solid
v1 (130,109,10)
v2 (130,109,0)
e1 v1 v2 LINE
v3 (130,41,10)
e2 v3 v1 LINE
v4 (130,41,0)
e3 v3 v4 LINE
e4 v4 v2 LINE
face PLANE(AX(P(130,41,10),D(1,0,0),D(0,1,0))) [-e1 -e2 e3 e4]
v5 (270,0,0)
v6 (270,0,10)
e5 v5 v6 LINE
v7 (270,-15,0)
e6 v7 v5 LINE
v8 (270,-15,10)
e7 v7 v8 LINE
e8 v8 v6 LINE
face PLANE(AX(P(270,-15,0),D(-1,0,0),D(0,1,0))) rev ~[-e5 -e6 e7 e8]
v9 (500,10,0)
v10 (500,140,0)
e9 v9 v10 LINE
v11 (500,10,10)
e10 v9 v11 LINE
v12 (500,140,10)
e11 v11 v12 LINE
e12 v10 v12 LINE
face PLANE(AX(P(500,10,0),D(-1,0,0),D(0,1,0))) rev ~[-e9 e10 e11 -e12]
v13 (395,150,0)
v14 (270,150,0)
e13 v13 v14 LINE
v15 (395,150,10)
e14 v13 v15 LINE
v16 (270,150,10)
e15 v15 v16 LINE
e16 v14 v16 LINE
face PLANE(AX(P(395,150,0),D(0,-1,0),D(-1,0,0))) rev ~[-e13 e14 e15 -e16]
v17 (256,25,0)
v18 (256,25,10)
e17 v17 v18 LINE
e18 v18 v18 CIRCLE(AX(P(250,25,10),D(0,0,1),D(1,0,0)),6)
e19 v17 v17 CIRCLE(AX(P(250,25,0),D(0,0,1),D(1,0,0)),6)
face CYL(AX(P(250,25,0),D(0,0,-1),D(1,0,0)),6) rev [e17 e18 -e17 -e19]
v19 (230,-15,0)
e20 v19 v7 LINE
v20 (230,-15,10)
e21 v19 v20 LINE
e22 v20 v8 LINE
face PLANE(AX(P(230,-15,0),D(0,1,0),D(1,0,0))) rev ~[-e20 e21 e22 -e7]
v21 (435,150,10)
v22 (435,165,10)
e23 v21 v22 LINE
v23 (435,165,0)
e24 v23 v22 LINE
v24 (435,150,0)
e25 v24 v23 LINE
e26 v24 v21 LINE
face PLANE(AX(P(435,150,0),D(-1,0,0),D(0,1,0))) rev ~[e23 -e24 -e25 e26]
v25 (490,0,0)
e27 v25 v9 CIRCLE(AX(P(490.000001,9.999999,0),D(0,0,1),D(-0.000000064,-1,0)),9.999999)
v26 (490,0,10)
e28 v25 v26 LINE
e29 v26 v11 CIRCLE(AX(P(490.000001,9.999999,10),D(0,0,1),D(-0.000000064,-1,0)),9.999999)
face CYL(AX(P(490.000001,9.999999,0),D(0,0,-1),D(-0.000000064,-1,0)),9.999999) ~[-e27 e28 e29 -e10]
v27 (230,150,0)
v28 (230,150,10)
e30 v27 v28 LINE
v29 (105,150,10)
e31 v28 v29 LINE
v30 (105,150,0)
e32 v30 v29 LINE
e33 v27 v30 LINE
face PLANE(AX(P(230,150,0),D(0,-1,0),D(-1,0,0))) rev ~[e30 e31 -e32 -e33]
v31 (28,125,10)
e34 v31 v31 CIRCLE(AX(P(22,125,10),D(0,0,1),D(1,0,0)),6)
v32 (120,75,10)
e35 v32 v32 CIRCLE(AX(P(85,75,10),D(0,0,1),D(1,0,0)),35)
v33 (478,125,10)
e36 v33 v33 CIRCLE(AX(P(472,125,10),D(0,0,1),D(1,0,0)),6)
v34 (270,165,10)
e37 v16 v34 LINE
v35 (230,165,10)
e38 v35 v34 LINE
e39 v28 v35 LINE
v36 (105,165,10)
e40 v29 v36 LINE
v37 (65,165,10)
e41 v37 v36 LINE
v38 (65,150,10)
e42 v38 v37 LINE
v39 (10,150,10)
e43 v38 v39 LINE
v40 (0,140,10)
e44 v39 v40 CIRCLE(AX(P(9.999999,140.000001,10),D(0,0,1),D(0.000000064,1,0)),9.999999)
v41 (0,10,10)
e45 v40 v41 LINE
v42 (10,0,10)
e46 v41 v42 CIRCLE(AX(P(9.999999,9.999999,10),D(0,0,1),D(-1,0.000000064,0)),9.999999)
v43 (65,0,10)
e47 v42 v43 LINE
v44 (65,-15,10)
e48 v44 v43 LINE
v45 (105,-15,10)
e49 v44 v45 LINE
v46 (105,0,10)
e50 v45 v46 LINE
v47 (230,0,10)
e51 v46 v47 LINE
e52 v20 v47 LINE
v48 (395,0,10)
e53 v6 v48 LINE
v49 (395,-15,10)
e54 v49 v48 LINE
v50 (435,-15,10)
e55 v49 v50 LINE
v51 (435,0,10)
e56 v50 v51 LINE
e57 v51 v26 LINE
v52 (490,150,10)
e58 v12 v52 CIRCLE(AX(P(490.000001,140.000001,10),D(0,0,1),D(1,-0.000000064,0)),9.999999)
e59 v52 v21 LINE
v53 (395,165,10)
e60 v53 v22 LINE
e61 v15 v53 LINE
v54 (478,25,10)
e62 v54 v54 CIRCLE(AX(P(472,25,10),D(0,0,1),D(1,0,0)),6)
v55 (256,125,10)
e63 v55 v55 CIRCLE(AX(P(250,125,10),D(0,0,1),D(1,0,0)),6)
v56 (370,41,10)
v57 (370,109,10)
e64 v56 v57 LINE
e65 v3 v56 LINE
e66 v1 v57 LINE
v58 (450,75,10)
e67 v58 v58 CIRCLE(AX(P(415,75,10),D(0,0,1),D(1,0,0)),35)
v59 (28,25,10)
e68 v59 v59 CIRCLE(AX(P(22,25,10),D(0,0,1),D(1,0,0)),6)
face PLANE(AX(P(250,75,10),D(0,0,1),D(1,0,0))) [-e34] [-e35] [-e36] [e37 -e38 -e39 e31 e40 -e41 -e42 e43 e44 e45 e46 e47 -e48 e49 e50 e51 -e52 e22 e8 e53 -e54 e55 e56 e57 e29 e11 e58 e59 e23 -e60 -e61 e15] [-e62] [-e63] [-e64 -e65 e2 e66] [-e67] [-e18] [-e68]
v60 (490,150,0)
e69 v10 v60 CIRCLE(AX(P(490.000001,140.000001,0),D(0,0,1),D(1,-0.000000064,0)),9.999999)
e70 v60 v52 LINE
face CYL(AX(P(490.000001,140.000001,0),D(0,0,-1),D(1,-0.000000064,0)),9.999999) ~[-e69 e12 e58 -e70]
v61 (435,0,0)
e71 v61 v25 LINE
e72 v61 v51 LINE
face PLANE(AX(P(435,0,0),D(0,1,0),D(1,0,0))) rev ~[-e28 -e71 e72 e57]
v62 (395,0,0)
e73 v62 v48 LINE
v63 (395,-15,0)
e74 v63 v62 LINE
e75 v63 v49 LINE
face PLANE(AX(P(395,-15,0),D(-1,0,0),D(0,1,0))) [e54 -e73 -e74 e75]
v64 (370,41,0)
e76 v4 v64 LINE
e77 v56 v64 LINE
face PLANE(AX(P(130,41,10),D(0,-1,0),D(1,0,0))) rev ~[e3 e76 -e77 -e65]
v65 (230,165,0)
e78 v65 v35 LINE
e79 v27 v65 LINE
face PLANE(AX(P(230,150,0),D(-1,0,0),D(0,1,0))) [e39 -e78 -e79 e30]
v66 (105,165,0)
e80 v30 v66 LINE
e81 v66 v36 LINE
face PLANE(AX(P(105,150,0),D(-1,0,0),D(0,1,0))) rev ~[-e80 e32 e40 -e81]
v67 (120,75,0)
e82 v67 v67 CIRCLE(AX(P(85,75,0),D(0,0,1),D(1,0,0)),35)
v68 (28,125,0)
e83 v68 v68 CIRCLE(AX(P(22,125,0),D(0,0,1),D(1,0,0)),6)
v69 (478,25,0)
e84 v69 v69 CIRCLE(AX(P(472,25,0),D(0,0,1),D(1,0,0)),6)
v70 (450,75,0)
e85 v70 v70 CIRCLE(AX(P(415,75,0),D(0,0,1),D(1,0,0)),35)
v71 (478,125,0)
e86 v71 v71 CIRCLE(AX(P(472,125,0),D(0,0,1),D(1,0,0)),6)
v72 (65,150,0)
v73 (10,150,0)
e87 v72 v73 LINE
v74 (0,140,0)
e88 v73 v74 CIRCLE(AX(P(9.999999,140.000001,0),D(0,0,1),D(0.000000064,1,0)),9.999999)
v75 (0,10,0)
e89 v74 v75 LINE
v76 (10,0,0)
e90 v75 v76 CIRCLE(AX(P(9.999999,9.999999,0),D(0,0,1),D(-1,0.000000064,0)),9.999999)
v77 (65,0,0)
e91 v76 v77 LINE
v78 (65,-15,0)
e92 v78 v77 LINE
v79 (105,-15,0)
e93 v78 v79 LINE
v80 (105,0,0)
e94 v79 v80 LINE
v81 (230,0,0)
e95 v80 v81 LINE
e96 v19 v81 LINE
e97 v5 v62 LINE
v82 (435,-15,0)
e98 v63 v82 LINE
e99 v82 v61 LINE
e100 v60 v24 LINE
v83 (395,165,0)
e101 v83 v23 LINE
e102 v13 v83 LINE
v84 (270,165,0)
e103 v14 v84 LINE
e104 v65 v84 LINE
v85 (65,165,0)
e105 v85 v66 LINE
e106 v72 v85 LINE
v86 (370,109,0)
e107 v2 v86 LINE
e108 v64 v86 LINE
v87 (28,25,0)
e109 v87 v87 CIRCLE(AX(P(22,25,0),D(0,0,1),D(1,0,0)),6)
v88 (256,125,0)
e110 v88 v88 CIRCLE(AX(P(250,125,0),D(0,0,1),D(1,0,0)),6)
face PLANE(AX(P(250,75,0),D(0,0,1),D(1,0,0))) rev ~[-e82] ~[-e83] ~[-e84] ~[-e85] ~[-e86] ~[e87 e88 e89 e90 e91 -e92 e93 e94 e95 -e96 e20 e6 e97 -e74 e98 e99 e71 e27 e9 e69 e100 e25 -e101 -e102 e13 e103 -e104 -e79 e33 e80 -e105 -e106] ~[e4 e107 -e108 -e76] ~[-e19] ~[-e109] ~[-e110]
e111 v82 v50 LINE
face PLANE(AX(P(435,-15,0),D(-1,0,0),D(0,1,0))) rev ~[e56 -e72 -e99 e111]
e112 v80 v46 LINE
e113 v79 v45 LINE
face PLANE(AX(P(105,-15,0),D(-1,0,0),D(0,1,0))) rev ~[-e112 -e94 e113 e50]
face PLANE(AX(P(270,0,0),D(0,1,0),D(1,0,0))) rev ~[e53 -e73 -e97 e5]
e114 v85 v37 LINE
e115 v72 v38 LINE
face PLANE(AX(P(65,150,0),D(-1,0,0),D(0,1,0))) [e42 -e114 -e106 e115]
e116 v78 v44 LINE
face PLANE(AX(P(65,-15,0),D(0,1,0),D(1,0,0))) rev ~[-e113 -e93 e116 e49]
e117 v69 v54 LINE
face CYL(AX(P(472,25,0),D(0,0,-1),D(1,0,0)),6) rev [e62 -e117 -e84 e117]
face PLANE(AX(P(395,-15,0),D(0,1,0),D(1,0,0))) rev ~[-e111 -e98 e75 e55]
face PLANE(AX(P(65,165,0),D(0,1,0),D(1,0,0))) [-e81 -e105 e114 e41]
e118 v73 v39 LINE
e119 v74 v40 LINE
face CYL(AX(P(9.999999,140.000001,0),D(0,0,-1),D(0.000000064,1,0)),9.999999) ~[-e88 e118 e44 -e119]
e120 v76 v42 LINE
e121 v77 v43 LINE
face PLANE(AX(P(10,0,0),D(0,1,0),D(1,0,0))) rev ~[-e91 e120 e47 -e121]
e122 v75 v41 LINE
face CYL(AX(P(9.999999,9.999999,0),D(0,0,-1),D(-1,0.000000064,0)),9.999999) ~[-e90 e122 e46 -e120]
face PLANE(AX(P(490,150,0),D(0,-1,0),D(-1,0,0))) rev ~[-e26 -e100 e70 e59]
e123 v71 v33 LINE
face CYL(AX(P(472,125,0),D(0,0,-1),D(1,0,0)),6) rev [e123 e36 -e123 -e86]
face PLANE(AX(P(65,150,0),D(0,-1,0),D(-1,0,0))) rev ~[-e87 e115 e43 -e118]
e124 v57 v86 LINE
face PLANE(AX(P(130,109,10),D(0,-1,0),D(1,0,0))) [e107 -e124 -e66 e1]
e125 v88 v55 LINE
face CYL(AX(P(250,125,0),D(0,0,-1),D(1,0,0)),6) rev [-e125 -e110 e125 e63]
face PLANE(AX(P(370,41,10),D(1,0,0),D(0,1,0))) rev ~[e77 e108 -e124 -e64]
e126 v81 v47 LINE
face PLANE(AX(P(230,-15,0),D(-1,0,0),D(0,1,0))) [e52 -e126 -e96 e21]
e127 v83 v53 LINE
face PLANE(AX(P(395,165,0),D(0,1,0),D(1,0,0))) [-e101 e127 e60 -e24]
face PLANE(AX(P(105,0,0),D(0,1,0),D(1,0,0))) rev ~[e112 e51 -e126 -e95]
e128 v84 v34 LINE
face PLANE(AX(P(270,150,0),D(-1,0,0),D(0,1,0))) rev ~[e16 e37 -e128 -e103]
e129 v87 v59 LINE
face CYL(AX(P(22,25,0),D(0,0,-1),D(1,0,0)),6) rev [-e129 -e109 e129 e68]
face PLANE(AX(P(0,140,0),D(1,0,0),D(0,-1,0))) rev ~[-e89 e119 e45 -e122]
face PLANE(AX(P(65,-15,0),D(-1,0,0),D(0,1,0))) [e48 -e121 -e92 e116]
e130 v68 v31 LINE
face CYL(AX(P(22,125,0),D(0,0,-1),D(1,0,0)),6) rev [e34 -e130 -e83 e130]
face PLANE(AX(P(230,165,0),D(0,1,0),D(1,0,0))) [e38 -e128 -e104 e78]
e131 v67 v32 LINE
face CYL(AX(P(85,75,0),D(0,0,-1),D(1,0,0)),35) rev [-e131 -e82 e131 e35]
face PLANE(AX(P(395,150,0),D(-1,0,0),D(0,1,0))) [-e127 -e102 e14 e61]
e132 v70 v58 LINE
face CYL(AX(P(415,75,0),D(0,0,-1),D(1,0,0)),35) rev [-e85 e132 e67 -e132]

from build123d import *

# Parameters (mm, degrees)
F0_R     = 6
F0_R_2   = 35
F0_W     = 40
F0_H     = 15
F1_DEPTH = 10
F2_W     = 240
F2_H     = 68
F3_DEPTH = 25


with BuildPart() as f1:
    # F0 (on Top) → F1 (new body)
    with BuildSketch(Plane.XY):
        with BuildLine():
            ThreePointArc((0, 10), (2.928932, 2.928932), (10, 0))
            Line((10, 0), (65, 0))
            Line((65, 0), (105, 0))
            Line((105, 0), (230, 0))
            Line((230, 0), (270, 0))
            Line((270, 0), (395, 0))
            Line((395, 0), (435, 0))
            Line((435, 0), (490, 0))
            ThreePointArc((490, 0), (497.071068, 2.928932), (500, 10))
            Line((500, 10), (500, 140))
            ThreePointArc((500, 140), (497.071068, 147.071068), (490, 150))
            Line((490, 150), (435, 150))
            Line((435, 150), (395, 150))
            Line((395, 150), (270, 150))
            Line((270, 150), (230, 150))
            Line((230, 150), (105, 150))
            Line((105, 150), (65, 150))
            Line((65, 150), (10, 150))
            ThreePointArc((10, 150), (2.928932, 147.071068), (0, 140))
            Line((0, 140), (0, 10))
        make_face()
        with Locations((22, 25)):
            Circle(F0_R, mode=Mode.SUBTRACT)
        with Locations((250, 25)):
            Circle(F0_R, mode=Mode.SUBTRACT)
        with Locations((472, 25)):
            Circle(F0_R, mode=Mode.SUBTRACT)
        with Locations((85, 75)):
            Circle(F0_R_2, mode=Mode.SUBTRACT)
        with Locations((22, 125)):
            Circle(F0_R, mode=Mode.SUBTRACT)
        with Locations((415, 75)):
            Circle(F0_R_2, mode=Mode.SUBTRACT)
        with Locations((250, 125)):
            Circle(F0_R, mode=Mode.SUBTRACT)
        with Locations((472, 125)):
            Circle(F0_R, mode=Mode.SUBTRACT)
        with Locations((85, -7.5)):
            Rectangle(F0_W, F0_H)
        with Locations((250, -7.5)):
            Rectangle(F0_W, F0_H)
        with Locations((85, 157.5)):
            Rectangle(F0_W, F0_H)
        with Locations((415, -7.5)):
            Rectangle(F0_W, F0_H)
        with Locations((250, 157.5)):
            Rectangle(F0_W, F0_H)
        with Locations((415, 157.5)):
            Rectangle(F0_W, F0_H)
    extrude(amount=F1_DEPTH)

    # F2 (on face) → F3 (cut)
    with BuildSketch(Plane.XY.offset(10)):
        with Locations((250, 75)):
            Rectangle(F2_W, F2_H)
    extrude(amount=-F3_DEPTH, mode=Mode.SUBTRACT)


solid = f1.part
